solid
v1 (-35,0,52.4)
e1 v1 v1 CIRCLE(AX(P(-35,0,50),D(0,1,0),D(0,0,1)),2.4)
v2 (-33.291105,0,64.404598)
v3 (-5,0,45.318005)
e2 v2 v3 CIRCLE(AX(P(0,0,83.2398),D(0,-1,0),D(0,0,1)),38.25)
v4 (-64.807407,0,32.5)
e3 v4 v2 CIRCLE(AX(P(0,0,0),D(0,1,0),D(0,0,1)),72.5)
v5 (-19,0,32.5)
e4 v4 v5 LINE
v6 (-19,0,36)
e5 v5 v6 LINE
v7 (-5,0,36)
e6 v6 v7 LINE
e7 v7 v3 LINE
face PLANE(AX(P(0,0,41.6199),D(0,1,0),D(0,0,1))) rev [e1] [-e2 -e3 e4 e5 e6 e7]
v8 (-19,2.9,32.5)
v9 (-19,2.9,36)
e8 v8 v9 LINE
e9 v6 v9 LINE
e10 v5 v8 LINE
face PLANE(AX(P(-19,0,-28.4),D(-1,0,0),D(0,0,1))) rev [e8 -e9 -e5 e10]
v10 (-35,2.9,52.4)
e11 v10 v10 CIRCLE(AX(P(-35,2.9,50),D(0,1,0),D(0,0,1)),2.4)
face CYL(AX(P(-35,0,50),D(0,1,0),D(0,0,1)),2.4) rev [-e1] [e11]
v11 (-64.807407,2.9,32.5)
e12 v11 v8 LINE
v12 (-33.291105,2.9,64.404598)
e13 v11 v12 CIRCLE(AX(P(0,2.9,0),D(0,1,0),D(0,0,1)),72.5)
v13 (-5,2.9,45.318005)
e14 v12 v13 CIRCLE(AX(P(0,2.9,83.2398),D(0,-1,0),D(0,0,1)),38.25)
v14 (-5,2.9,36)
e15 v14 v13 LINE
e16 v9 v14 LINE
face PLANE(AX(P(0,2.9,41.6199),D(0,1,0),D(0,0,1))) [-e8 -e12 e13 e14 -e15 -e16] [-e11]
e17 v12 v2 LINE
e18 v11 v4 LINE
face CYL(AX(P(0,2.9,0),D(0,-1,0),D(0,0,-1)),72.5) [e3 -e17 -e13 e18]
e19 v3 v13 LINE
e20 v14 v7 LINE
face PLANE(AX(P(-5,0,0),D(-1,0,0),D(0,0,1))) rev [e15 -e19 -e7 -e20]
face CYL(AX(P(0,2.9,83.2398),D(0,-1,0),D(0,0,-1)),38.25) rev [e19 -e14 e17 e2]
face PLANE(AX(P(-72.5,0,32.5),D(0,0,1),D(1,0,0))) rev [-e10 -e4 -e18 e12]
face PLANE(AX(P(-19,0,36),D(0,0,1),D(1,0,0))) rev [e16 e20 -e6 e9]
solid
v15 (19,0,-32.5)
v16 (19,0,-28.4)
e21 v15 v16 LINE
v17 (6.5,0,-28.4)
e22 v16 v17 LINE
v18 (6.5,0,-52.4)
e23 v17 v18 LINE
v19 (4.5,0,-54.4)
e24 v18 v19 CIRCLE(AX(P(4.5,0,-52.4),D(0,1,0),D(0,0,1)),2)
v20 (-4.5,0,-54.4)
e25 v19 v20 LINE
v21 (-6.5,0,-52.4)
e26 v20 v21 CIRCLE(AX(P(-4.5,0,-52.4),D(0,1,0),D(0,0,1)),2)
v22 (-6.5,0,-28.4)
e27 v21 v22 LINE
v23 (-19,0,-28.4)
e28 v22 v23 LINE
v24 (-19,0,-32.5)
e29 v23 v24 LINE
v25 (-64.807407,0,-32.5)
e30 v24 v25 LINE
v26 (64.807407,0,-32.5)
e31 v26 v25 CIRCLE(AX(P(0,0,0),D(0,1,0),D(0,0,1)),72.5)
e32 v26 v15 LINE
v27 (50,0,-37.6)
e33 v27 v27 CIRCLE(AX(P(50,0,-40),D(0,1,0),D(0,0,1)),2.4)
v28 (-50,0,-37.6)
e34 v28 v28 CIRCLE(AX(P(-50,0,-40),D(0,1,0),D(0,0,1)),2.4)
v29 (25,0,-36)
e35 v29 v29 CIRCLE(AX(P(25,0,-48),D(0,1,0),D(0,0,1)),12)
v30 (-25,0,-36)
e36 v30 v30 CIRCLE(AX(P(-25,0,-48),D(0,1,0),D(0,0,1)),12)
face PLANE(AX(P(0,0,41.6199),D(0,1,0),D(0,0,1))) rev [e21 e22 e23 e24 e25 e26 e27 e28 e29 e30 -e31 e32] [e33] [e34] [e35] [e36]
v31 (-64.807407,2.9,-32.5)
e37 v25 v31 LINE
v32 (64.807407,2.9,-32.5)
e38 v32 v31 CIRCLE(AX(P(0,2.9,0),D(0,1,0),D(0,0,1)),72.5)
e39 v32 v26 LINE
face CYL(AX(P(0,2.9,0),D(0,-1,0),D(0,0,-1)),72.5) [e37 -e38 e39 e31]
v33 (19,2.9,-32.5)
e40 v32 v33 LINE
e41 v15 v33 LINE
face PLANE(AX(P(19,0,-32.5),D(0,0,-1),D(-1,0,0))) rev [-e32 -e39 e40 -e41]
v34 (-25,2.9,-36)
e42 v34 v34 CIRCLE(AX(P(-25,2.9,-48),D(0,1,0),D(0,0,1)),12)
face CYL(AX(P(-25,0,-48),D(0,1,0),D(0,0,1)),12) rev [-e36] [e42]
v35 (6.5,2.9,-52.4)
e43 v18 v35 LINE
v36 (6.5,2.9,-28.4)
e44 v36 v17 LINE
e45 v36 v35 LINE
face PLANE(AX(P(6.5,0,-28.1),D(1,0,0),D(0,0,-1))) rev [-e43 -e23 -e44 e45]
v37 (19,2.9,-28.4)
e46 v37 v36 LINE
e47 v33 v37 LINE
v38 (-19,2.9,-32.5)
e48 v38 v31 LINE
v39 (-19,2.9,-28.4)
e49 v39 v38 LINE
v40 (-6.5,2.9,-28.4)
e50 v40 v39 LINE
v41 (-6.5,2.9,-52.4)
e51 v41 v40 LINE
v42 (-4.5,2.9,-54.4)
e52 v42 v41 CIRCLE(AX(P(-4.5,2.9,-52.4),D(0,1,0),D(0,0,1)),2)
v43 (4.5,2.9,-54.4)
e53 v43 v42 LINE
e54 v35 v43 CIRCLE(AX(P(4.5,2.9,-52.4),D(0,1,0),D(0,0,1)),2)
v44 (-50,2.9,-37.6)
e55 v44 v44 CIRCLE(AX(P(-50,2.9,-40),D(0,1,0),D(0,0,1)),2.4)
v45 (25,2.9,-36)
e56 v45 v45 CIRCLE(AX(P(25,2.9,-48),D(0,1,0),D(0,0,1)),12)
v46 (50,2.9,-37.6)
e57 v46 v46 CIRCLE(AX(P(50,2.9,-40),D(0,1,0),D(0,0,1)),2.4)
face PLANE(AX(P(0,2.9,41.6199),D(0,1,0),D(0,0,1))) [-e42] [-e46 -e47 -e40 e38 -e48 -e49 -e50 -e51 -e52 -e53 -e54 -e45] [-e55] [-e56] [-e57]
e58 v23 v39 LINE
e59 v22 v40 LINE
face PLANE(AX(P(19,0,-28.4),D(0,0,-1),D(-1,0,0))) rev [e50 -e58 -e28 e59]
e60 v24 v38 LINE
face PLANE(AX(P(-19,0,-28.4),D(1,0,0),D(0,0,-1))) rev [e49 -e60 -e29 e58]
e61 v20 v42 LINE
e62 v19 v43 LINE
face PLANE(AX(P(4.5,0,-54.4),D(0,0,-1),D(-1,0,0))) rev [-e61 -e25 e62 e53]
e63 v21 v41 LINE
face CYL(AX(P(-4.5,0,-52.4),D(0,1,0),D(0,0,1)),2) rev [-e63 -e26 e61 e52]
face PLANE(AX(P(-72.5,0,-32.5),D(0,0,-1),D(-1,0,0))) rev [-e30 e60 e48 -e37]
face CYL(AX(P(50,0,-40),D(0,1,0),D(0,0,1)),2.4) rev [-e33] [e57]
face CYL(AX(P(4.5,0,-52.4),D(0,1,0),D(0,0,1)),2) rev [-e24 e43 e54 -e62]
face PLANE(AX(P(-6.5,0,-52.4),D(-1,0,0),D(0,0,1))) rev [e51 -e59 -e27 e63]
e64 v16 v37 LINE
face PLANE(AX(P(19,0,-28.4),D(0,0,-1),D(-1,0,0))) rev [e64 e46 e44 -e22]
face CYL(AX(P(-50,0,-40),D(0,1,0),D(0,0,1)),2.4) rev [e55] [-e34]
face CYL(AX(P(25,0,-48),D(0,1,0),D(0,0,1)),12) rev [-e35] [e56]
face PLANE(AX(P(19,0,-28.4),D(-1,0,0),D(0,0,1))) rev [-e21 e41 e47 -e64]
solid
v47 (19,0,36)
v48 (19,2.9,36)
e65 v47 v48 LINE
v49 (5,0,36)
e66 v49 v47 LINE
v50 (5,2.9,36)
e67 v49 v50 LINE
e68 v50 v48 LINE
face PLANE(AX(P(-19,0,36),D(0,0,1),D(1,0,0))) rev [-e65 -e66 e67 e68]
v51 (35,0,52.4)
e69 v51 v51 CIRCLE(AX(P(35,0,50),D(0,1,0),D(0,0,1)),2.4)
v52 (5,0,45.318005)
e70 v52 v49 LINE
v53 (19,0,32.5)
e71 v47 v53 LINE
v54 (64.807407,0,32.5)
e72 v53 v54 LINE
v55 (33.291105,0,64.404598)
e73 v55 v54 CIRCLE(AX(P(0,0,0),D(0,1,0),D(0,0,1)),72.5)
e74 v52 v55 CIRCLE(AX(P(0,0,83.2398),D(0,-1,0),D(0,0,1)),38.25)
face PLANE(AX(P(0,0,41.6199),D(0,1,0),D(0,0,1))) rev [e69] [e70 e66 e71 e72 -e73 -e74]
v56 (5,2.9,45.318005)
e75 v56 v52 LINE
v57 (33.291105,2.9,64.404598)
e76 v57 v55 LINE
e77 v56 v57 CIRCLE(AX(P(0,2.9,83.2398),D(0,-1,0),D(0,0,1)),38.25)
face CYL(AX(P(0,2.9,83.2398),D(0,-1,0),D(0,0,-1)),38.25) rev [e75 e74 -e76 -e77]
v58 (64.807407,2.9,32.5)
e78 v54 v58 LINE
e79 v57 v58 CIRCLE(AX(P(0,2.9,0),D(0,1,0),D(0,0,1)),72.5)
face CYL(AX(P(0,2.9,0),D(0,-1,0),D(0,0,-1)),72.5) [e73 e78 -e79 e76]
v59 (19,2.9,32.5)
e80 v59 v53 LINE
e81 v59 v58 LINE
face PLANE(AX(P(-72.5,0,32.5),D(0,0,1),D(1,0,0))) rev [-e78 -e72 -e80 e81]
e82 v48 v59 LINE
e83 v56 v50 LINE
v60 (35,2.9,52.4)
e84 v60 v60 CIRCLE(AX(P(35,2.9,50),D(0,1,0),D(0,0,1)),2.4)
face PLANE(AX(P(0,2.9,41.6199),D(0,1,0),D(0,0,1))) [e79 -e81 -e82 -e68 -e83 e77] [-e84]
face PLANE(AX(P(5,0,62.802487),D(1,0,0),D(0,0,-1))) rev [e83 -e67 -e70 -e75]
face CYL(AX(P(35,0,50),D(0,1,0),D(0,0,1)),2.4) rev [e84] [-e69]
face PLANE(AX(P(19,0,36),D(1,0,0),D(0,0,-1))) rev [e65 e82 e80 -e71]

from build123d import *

# Parameters (mm, degrees)
BOSS_EXTRUDE1_DEPTH     = 2.9
SOLENOID_PLACEMENT_W    = 38
SOLENOID_PLACEMENT_H    = 64.4
CUT_EXTRUDE1_DEPTH      = 103.571487266
CUT_EXTRUDE4_DEPTH      = 103.571487266
SKETCH5_R               = 12
CUT_EXTRUDE5_DEPTH      = 103.571487266
SKETCH6_R               = 2.4
CUT_EXTRUDE6_DEPTH      = 103.571487266
CUT_EXTRUDE3_DEPTH      = 103.571487266
CUT_EXTRUDE9_DEPTH      = 98.286484159
CUT_EXTRUDE9_DEPTH_BACK = 98.286484159
SKETCH8_W               = 10
SKETCH8_H               = 62.80248699


with BuildPart() as part:
    # Sketch1 → Boss-Extrude1 (new body)
    with BuildSketch(Plane(origin=(0, 0, 0), x_dir=(1, 0, 0), z_dir=(0, 1, 0))):
        with BuildLine():
            ThreePointArc((33.29110537, -64.404598464), (0, 72.5), (-33.29110537, -64.404598464))
            ThreePointArc((-33.29110537, -64.404598464), (0, -44.989799638), (33.29110537, -64.404598464))
        make_face()
    extrude(amount=BOSS_EXTRUDE1_DEPTH)

    # solenoid placement → Cut-Extrude1 (cut, through all)
    with BuildSketch(Plane(origin=(0, 2.9, 0), x_dir=(1, 0, 0), z_dir=(0, 1, 0))):
        with Locations((0, -3.8)):
            Rectangle(SOLENOID_PLACEMENT_W, SOLENOID_PLACEMENT_H)
    extrude(amount=-CUT_EXTRUDE1_DEPTH, mode=Mode.SUBTRACT)

    # Sketch4 → Cut-Extrude4 (cut, through all)
    with BuildSketch(Plane(origin=(0, 2.9, 0), x_dir=(1, 0, 0), z_dir=(0, 1, 0))):
        with BuildLine():
            Line((-6.5, 28.1), (6.5, 28.1))
            Line((6.5, 28.1), (6.5, 52.4))
            ThreePointArc((6.5, 52.4), (5.914213562, 53.814213562), (4.5, 54.4))
            Line((4.5, 54.4), (-4.5, 54.4))
            ThreePointArc((-4.5, 54.4), (-5.914213562, 53.814213562), (-6.5, 52.4))
            Line((-6.5, 52.4), (-6.5, 28.1))
        make_face()
    extrude(amount=-CUT_EXTRUDE4_DEPTH, mode=Mode.SUBTRACT)

    # Sketch5 → Cut-Extrude5 (cut, through all)
    with BuildSketch(Plane(origin=(0, 2.9, 0), x_dir=(1, 0, 0), z_dir=(0, 1, 0))):
        with Locations(Location((-25, 48, 0), (0, 0, 270))):
            Circle(SKETCH5_R)
        with Locations(Location((25, 48, 0), (0, 0, 270))):
            Circle(SKETCH5_R)
    extrude(amount=-CUT_EXTRUDE5_DEPTH, mode=Mode.SUBTRACT)

    # Sketch6 → Cut-Extrude6 (cut, through all)
    with BuildSketch(Plane(origin=(0, 2.9, 0), x_dir=(1, 0, 0), z_dir=(0, 1, 0))):
        with Locations(Location((35, -50, 0), (0, 0, 270))):
            Circle(SKETCH6_R)
        with Locations(Location((-35, -50, 0), (0, 0, 270))):
            Circle(SKETCH6_R)
        with Locations(Location((-50, 40, 0), (0, 0, 270))):
            Circle(SKETCH6_R)
        with Locations(Location((50, 40, 0), (0, 0, 270))):
            Circle(SKETCH6_R)
    extrude(amount=-CUT_EXTRUDE6_DEPTH, mode=Mode.SUBTRACT)

    # Sketch3 → Cut-Extrude3 (cut, through all)
    with BuildSketch(Plane(origin=(0, 2.9, 0), x_dir=(1, 0, 0), z_dir=(0, 1, 0))):
        Polygon((-19, 28.4), (19, 28.4), (19, 32.5), (72.5, 32.5), (72.5, -32.5), (-72.5, -32.5), (-72.5, 32.5), (-19, 32.5), align=None)
    extrude(amount=-CUT_EXTRUDE3_DEPTH, mode=Mode.SUBTRACT)


with BuildPart() as cut_extrude3_piece_1:
    # of the separate pieces the step leaves, piece 1, a body of its own (cut_extrude3_pieces)
    add(part.part.solids().sort_by_distance((64.807406984, 0, -32.5))[0])


with BuildPart() as cut_extrude3_piece_2:
    # of the separate pieces the step leaves, piece 2, a body of its own (cut_extrude3_pieces)
    add(part.part.solids().sort_by_distance((-33.29110537, 0, 64.404598464))[0])

    # Sketch8 → Cut-Extrude9 (cut, two sides: drawn at the far end of the back side and taken through both)
    with BuildSketch(Plane(origin=(0, 2.9, 0), x_dir=(1, 0, 0), z_dir=(0, 1, 0)).offset(-CUT_EXTRUDE9_DEPTH_BACK)):
        with Locations((0, -31.401243495)):
            Rectangle(SKETCH8_W, SKETCH8_H)
    extrude(amount=CUT_EXTRUDE9_DEPTH + CUT_EXTRUDE9_DEPTH_BACK, mode=Mode.SUBTRACT)


with BuildPart() as cut_extrude9_piece_1:
    # of the separate pieces the step leaves, piece 1, a body of its own (cut_extrude9_pieces)
    add(cut_extrude3_piece_2.part.solids().sort_by_distance((-33.29110537, 0, 64.404598464))[0])


with BuildPart() as cut_extrude9_piece_2:
    # of the separate pieces the step leaves, piece 2, a body of its own (cut_extrude9_pieces)
    add(cut_extrude3_piece_2.part.solids().sort_by_distance((5, 0, 45.318005113))[0])


solid = Compound([cut_extrude3_piece_1.part, cut_extrude9_piece_1.part, cut_extrude9_piece_2.part])
